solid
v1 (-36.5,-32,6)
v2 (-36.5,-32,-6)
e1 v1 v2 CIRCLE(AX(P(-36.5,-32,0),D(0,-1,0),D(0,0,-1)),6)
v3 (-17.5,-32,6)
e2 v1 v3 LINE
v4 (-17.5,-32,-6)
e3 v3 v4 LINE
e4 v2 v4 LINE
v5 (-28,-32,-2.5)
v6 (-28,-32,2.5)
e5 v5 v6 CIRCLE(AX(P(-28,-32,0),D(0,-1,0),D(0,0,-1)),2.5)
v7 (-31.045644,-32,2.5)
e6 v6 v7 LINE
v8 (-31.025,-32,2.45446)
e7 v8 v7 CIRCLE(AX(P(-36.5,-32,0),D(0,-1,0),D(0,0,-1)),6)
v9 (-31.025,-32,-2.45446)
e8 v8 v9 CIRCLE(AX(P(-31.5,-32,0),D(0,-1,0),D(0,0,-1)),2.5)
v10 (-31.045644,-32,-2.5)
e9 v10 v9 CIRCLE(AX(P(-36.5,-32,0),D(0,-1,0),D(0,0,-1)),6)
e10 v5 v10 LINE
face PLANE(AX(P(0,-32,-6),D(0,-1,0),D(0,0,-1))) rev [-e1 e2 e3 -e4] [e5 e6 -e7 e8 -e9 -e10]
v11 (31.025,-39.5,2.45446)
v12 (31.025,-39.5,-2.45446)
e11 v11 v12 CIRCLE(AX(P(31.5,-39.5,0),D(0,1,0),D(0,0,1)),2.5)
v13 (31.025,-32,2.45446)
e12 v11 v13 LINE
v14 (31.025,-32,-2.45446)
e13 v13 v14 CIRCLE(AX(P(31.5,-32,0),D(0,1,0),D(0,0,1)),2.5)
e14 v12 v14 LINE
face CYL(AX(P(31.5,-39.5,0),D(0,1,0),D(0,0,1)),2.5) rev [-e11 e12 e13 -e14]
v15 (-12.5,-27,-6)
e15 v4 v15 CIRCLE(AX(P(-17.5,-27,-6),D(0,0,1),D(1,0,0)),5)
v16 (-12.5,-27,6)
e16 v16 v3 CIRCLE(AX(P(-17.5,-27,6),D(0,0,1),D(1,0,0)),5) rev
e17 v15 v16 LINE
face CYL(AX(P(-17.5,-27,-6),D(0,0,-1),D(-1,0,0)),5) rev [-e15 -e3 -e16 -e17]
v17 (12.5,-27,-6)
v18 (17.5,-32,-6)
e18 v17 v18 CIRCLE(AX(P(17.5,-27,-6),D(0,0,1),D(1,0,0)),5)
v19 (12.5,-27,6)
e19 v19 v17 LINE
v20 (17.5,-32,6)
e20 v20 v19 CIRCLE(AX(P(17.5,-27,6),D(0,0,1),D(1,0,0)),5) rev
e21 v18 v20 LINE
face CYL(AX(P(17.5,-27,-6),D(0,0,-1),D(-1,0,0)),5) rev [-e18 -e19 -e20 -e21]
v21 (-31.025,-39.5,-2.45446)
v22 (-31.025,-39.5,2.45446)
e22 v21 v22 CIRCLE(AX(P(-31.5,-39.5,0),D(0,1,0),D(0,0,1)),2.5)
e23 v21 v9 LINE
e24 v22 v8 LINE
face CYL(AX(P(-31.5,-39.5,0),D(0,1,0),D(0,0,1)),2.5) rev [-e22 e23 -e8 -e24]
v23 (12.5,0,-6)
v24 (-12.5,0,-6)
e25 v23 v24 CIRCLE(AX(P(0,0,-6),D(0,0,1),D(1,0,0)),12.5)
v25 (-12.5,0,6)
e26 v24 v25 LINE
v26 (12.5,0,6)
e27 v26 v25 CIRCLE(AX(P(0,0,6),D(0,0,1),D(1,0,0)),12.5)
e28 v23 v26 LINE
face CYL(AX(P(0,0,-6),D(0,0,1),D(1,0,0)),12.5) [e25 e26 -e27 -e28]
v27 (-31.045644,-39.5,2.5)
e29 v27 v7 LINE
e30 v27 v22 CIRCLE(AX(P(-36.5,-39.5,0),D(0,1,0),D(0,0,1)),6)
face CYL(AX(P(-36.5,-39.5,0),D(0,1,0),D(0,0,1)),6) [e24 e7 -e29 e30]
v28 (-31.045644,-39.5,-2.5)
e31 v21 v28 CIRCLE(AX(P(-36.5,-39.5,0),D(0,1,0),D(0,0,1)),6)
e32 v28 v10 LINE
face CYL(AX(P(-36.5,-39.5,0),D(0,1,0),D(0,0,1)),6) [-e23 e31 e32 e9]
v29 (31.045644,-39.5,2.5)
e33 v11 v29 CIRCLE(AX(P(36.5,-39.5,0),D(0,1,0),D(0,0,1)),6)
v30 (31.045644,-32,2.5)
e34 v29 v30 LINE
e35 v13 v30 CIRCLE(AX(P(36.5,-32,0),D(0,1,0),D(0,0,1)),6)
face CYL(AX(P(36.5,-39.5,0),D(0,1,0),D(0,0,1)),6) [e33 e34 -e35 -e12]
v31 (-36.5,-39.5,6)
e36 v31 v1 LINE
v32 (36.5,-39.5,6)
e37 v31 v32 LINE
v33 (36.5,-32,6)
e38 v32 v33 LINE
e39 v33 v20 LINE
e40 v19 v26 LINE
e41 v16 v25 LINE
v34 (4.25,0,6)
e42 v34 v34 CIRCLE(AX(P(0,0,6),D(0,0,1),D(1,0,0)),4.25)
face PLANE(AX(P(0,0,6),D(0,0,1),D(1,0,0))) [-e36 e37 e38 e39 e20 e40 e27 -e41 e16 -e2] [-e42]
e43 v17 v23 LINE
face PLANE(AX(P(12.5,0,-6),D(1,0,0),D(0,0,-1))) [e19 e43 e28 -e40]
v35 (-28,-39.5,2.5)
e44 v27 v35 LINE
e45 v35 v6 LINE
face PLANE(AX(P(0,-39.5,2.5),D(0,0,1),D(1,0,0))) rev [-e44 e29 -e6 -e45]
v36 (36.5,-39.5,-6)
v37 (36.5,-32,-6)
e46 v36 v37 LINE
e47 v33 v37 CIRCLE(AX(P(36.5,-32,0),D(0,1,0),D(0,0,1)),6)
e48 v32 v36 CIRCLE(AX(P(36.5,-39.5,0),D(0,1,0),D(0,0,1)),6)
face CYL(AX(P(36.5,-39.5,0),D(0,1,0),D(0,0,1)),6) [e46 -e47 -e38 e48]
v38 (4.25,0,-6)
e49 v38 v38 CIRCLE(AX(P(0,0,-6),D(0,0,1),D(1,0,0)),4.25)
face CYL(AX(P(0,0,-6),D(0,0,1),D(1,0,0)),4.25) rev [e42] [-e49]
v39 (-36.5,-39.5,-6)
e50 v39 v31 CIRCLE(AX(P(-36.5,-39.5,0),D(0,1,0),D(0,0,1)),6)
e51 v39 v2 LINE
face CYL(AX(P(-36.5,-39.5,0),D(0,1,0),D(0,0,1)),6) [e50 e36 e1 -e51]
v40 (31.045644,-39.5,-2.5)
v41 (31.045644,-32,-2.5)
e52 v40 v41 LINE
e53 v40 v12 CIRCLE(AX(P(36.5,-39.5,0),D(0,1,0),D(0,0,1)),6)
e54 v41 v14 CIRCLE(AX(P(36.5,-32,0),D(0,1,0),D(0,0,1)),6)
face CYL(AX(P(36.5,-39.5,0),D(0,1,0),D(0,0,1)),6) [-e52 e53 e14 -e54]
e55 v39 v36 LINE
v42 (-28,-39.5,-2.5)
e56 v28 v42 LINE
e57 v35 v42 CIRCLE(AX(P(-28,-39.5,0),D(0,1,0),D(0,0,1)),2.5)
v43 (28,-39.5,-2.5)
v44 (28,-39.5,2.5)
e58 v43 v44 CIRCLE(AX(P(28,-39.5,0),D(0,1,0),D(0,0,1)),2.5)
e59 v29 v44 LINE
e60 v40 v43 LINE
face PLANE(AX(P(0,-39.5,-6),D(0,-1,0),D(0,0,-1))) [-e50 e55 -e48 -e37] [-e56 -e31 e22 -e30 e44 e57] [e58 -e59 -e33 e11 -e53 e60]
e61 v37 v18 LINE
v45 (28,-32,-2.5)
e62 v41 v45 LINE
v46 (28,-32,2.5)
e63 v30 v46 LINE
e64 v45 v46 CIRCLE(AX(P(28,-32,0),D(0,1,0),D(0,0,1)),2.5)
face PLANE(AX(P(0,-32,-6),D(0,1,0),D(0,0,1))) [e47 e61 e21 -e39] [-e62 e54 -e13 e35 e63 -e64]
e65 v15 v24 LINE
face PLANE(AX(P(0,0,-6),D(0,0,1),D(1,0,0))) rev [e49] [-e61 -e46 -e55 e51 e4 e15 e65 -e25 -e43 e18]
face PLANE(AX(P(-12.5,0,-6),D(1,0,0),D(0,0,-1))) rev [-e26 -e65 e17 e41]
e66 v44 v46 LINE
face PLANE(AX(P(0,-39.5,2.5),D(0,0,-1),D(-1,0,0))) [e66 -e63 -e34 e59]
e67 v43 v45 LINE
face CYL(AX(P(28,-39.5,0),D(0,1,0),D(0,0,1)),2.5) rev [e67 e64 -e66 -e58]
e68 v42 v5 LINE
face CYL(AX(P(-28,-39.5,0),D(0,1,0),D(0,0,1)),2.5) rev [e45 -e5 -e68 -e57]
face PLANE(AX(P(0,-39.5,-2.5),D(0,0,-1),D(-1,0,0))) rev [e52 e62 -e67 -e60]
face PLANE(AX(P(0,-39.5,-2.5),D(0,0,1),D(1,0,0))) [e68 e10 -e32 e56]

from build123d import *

# Parameters (mm, degrees)
BOSS_EXTRUDE1_DEPTH      = 6
BOSS_EXTRUDE1_DEPTH_BACK = 6
SKETCH1_R                = 4.25
CUT_EXTRUDE1_DEPTH       = 59.330952332
FILLET1_R                = 5


with BuildPart() as part:
    # Sketch1 → Boss-Extrude1 (new, two sides: drawn at the far end of the back side and taken through both)
    with BuildSketch(Plane.XY.offset(-BOSS_EXTRUDE1_DEPTH_BACK)):
        with BuildLine():
            Line((-42.5, -32), (-42.5, -39.5))
            Line((-42.5, -39.5), (42.5, -39.5))
            Line((42.5, -39.5), (42.5, -32))
            Line((42.5, -32), (12.5, -32))
            Line((12.5, -32), (12.5, 0))
            ThreePointArc((12.5, 0), (0, 12.5), (-12.5, 0))
            Line((-12.5, 0), (-12.5, -32))
            Line((-12.5, -32), (-42.5, -32))
        make_face()
        Circle(SKETCH1_R, mode=Mode.SUBTRACT)
    extrude(amount=BOSS_EXTRUDE1_DEPTH + BOSS_EXTRUDE1_DEPTH_BACK)

    # Sketch4 → Cut-Extrude1 (cut, through all)
    with BuildSketch(Plane(origin=(0, 0, 0), x_dir=(1, 0, 0), z_dir=(0, 1, 0))):
        with BuildLine():
            ThreePointArc((31.025, -2.454460226), (34, 0), (31.025, 2.454460226))
            ThreePointArc((31.025, 2.454460226), (31.035274533, 2.477251617), (31.045643943, 2.5))
            Line((31.045643943, 2.5), (28, 2.5))
            ThreePointArc((28, 2.5), (25.5, 0), (28, -2.5))
            Line((28, -2.5), (31.045643943, -2.5))
            ThreePointArc((31.045643943, -2.5), (31.035274533, -2.477251617), (31.025, -2.454460226))
        make_face()
        with BuildLine():
            ThreePointArc((42.5, 0), (40.742640687, -4.242640687), (36.5, -6))
            Line((36.5, -6), (42.5, -6))
            Line((42.5, -6), (42.5, 0))
        make_face()
        with BuildLine():
            Line((-42.5, -6), (-36.5, -6))
            ThreePointArc((-36.5, -6), (-40.742640687, -4.242640687), (-42.5, 0))
            Line((-42.5, 0), (-42.5, -6))
        make_face()
        with BuildLine():
            ThreePointArc((36.5, 6), (40.742640687, 4.242640687), (42.5, 0))
            Line((42.5, 0), (42.5, 6))
            Line((42.5, 6), (36.5, 6))
        make_face()
        with BuildLine():
            Line((-42.5, 6), (-42.5, 0))
            ThreePointArc((-42.5, 0), (-40.742640668, 4.242640706), (-36.499999946, 6))
            Line((-36.499999946, 6), (-42.5, 6))
        make_face()
        with BuildLine():
            ThreePointArc((-31.025, -2.454460226), (-31.035274533, -2.477251617), (-31.045643943, -2.5))
            Line((-31.045643943, -2.5), (-28, -2.5))
            ThreePointArc((-28, -2.5), (-25.5, 0), (-28, 2.5))
            Line((-28, 2.5), (-31.045643943, 2.5))
            ThreePointArc((-31.045643943, 2.5), (-31.035274533, 2.477251617), (-31.025, 2.454460226))
            ThreePointArc((-31.025, 2.454460226), (-34, 0), (-31.025, -2.454460226))
        make_face()
    extrude(amount=-CUT_EXTRUDE1_DEPTH, mode=Mode.SUBTRACT)

    # Fillet1
    fillet1_edges = [part.edges().sort_by_distance(p)[0] for p in [
        (-12.5, -32, 0),
        (12.5, -32, 0),
    ]]
    fillet(fillet1_edges, radius=FILLET1_R)


solid = part.part
